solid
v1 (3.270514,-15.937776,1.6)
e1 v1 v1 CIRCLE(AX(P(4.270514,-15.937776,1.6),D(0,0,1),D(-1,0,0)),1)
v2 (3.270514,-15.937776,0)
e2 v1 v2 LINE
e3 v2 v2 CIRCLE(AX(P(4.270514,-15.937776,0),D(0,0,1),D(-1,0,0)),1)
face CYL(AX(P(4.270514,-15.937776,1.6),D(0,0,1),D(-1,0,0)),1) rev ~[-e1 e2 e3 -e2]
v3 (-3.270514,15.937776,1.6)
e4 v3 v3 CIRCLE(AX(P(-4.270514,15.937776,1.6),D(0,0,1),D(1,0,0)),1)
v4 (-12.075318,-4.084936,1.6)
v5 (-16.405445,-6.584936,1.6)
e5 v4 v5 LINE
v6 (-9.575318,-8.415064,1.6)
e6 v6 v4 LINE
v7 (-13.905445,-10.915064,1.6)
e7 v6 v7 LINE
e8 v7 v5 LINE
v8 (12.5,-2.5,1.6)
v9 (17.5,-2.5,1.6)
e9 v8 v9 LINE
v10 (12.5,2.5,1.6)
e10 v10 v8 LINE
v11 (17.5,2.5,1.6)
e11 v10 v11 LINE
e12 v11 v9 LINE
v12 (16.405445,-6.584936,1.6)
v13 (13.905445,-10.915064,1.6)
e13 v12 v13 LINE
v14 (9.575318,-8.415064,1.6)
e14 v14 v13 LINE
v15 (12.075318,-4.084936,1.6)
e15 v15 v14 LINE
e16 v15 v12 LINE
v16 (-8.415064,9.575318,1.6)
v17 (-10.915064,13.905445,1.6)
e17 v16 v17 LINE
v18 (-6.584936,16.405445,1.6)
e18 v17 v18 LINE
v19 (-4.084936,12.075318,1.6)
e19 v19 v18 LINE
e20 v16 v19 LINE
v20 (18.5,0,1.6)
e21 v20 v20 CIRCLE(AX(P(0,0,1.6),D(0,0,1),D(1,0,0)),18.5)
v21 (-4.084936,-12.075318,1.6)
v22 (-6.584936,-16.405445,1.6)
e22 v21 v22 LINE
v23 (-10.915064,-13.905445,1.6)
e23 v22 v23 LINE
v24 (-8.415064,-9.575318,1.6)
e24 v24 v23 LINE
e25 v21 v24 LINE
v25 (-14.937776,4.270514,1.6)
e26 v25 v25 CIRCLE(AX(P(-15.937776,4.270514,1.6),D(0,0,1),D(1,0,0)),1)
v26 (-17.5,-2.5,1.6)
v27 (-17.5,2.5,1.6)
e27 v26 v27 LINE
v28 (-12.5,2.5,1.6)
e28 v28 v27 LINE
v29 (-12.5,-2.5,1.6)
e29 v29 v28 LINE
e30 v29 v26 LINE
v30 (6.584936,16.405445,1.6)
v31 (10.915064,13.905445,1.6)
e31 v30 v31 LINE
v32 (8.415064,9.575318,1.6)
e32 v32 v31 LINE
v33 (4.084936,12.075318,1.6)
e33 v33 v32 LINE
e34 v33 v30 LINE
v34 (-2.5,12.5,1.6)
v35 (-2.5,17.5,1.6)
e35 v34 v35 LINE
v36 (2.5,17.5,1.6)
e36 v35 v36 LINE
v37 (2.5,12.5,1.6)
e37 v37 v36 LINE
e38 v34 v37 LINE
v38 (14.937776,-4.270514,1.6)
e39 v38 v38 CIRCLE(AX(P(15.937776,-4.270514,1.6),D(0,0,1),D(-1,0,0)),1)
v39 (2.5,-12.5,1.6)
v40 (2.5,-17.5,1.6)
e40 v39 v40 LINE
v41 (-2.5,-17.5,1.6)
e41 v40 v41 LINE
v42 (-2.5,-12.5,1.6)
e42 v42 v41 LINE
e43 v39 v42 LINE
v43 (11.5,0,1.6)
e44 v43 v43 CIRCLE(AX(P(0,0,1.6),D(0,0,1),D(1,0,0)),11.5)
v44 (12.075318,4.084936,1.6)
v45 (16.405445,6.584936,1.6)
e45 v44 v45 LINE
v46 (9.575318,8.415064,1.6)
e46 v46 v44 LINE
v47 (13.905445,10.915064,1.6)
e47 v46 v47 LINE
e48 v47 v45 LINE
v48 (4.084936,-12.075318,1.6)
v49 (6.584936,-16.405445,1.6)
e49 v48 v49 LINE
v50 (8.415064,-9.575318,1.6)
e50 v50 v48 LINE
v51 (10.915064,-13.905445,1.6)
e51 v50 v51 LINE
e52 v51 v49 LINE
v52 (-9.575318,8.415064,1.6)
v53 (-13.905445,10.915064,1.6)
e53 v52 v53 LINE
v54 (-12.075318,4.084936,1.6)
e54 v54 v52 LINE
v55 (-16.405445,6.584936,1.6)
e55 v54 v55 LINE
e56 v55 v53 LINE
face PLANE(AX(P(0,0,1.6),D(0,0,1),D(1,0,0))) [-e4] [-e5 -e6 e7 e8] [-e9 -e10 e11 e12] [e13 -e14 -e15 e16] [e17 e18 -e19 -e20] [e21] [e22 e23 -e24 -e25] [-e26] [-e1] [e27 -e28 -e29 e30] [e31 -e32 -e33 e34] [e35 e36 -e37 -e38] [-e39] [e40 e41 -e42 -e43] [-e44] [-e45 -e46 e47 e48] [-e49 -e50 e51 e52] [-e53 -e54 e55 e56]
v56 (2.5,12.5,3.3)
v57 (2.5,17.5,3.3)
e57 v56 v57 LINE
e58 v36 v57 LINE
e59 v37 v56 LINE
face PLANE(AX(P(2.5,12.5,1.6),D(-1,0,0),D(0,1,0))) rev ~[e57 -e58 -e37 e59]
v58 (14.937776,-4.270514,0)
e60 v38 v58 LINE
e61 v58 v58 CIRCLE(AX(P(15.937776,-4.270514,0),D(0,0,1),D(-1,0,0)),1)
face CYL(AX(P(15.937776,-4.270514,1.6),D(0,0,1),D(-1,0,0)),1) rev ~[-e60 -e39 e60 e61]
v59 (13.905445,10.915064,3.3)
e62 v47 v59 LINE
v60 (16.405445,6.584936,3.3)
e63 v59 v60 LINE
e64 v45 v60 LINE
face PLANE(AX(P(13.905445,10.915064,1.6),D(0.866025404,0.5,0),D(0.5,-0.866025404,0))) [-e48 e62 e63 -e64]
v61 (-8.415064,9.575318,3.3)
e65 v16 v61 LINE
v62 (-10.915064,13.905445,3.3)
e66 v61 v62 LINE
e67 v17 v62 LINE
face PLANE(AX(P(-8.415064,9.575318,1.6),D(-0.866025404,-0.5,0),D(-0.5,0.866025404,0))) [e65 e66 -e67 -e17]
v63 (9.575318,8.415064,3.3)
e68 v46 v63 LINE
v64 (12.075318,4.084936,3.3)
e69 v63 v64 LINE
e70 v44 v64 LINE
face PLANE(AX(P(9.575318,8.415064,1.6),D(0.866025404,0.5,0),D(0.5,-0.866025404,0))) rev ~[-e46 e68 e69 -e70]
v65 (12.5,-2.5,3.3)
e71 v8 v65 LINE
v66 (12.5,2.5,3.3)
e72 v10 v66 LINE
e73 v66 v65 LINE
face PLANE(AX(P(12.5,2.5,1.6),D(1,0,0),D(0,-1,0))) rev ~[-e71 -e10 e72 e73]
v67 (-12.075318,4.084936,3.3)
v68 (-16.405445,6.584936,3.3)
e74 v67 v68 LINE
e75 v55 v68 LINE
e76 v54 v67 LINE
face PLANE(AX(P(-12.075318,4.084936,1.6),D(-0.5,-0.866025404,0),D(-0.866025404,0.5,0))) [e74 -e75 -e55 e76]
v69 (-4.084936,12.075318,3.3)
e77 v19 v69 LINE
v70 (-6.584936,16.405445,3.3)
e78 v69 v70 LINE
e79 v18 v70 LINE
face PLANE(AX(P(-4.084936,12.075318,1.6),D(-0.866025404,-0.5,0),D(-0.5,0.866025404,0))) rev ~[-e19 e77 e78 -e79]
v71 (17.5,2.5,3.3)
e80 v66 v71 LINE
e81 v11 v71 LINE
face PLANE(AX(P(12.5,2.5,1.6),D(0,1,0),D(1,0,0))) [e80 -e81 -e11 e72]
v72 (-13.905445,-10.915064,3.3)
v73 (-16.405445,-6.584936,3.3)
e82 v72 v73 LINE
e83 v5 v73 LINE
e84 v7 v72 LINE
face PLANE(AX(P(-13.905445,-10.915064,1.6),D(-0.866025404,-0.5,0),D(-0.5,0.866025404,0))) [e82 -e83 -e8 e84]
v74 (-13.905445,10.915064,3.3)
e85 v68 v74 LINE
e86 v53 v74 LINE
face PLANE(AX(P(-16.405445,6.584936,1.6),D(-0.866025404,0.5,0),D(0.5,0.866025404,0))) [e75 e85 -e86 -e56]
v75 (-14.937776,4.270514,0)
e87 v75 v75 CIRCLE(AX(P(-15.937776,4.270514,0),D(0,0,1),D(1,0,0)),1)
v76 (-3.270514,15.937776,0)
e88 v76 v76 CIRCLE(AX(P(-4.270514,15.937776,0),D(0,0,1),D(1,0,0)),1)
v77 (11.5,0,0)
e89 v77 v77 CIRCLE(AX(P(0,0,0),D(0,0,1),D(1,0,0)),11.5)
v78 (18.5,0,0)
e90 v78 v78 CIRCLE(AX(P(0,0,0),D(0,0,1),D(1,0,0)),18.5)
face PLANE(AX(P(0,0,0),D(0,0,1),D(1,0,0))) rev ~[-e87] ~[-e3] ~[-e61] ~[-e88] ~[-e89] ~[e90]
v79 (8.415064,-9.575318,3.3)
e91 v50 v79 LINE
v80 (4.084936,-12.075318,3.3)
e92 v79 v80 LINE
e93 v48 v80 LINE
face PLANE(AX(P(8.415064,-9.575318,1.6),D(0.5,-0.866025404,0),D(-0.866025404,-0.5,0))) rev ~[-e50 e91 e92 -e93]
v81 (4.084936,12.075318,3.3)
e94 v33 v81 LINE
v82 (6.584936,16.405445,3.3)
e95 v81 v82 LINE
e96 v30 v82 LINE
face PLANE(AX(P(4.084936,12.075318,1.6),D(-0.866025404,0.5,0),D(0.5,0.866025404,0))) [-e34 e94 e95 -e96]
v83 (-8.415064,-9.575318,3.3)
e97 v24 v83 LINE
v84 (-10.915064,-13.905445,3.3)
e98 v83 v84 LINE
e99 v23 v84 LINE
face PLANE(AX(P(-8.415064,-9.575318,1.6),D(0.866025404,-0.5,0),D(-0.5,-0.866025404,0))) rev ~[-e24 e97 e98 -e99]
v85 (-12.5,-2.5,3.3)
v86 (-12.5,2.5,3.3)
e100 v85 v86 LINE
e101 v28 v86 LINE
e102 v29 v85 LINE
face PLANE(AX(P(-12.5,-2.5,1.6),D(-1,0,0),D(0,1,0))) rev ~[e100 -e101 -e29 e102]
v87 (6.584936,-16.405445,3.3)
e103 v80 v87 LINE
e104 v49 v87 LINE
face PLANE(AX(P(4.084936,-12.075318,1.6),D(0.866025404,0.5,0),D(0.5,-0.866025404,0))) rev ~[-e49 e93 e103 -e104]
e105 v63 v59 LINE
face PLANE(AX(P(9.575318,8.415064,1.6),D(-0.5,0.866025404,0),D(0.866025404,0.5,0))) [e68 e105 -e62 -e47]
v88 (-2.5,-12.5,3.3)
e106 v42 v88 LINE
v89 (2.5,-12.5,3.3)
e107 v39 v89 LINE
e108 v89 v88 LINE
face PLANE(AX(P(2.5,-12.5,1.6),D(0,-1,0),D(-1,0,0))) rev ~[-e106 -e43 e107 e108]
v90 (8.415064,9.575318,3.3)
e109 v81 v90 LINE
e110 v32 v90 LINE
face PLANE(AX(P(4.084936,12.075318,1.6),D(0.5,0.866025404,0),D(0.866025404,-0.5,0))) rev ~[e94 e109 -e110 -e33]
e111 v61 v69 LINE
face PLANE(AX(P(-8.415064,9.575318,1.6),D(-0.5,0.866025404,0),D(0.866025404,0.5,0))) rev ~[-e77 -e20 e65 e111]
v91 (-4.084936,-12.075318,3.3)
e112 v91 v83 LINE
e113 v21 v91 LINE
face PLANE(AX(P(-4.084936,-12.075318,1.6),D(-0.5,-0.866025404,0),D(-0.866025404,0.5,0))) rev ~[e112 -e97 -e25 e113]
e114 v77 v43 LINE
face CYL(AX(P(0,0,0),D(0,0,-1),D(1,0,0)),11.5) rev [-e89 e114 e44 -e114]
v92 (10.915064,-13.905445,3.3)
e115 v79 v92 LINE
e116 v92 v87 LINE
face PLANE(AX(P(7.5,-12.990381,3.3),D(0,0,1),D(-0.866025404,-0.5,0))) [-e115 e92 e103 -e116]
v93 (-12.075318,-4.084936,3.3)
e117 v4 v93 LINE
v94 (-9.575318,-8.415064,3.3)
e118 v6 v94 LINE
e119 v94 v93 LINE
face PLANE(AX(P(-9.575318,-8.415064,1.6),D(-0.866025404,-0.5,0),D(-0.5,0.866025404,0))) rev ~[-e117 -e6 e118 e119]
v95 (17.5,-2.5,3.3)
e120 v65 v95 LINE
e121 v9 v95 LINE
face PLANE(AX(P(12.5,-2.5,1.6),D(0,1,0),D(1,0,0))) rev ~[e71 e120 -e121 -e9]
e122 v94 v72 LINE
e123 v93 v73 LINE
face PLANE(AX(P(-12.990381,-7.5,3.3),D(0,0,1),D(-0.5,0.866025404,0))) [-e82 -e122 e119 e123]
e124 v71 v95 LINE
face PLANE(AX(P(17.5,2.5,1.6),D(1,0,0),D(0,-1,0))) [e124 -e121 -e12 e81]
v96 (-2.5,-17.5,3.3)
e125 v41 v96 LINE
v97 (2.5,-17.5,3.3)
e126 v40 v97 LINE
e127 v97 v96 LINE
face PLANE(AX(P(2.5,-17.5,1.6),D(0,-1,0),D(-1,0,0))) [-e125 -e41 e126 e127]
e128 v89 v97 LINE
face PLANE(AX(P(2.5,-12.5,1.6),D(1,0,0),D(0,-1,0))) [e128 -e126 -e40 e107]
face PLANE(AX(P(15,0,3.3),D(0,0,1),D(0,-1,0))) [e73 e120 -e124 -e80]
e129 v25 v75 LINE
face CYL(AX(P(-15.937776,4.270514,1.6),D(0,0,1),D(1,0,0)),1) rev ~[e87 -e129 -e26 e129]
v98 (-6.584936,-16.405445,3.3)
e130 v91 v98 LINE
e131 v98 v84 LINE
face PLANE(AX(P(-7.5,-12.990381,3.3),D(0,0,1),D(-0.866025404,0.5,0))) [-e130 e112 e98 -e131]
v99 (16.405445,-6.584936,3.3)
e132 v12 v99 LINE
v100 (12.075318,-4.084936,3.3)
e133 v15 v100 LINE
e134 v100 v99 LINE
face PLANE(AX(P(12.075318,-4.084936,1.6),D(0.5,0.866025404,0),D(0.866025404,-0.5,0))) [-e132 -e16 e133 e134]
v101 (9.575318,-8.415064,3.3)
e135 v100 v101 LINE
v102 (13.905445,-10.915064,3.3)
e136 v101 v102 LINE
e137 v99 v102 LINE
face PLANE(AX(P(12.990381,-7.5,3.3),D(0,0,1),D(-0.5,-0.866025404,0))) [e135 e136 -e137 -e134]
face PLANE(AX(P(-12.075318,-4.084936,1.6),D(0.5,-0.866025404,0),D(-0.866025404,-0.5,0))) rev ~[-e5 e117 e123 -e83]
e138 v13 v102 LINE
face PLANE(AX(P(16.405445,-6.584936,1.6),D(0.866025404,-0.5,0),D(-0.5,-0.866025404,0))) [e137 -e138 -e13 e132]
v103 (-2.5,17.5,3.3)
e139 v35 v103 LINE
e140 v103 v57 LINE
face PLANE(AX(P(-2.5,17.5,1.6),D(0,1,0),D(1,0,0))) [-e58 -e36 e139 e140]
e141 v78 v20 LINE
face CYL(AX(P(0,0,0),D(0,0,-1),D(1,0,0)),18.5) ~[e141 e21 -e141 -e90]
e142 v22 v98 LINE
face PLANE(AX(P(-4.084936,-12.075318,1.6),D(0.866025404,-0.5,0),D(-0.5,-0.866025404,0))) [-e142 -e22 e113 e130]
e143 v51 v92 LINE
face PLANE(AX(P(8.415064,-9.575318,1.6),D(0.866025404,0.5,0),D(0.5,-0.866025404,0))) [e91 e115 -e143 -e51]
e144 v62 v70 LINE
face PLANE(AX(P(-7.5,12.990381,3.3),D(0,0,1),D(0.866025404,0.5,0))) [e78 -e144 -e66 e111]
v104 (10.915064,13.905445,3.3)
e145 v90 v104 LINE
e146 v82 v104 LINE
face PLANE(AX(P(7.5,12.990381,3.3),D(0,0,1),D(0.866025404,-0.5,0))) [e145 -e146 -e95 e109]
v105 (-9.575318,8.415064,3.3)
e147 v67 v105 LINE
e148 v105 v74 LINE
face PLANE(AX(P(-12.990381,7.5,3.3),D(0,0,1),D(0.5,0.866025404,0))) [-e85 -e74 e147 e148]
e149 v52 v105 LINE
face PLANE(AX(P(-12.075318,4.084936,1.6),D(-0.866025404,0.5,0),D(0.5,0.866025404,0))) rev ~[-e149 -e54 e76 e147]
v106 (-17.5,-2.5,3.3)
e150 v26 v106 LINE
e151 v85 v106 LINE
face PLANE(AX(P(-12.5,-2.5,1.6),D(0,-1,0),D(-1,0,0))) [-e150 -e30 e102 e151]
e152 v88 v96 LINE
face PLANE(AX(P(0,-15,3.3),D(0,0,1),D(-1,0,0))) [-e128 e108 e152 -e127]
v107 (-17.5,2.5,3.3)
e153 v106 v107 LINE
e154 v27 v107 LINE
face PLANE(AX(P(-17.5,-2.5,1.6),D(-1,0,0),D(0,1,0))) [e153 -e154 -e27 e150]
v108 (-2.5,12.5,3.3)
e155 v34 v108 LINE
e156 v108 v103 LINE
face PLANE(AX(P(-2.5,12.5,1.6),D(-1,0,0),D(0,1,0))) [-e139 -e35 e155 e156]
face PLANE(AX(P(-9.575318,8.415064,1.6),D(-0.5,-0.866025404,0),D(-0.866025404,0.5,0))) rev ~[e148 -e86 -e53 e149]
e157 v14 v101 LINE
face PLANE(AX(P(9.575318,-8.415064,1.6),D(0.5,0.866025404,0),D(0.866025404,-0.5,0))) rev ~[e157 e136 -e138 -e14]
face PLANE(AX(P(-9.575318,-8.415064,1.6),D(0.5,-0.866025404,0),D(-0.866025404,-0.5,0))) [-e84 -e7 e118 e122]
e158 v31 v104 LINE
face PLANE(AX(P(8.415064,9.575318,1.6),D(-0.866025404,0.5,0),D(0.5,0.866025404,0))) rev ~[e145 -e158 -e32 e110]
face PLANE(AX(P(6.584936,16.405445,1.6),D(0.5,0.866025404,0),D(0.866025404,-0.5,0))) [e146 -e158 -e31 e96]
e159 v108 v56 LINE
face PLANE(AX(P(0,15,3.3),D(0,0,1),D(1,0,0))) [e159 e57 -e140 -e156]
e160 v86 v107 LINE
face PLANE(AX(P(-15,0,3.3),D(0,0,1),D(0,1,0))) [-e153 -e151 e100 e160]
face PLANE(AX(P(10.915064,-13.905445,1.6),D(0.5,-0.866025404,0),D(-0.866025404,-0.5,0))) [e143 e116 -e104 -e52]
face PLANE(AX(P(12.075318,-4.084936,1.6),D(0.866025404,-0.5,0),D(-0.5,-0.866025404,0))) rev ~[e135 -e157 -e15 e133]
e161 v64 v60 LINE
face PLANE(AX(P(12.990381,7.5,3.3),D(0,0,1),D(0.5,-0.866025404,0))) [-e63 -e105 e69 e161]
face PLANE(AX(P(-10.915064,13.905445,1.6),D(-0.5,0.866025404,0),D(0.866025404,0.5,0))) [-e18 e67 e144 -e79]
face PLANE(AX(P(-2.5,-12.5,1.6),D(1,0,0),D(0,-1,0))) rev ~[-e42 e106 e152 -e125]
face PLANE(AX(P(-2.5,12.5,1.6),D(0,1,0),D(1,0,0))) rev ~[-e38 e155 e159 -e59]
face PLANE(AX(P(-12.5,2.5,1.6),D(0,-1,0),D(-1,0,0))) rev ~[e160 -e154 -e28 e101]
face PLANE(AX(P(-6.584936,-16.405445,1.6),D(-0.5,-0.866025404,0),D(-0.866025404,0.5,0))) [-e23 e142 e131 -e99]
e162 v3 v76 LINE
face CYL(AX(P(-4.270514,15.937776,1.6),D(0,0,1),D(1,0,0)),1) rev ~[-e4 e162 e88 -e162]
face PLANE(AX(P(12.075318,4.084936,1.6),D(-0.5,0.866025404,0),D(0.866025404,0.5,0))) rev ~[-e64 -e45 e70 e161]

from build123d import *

# Parameters (mm, degrees)
SKETCH1_R           = 18.5
SKETCH1_R_2         = 11.5
BOSS_EXTRUDE1_DEPTH = 1.6
SKETCH2_W           = 5
SKETCH2_H           = 5
BOSS_EXTRUDE2_DEPTH = 1.7
CIRPATTERN1_COUNT   = 12
SKETCH3_R           = 1
CUT_EXTRUDE1_DEPTH  = 2
CIRPATTERN2_COUNT   = 2
SKETCH4_R           = 1
CUT_EXTRUDE2_DEPTH  = 10
CIRPATTERN3_COUNT   = 2


with BuildPart() as part:
    # Sketch1 → Boss-Extrude1 (new body)
    with BuildSketch(Plane.XY):
        Circle(SKETCH1_R)
        Circle(SKETCH1_R_2, mode=Mode.SUBTRACT)
    extrude(amount=BOSS_EXTRUDE1_DEPTH)

    # Sketch2 → Boss-Extrude2 (add)
    with BuildSketch(Plane.XY.offset(1.6)):
        with Locations((0, 15)):
            Rectangle(SKETCH2_W, SKETCH2_H)
    boss_extrude2 = extrude(amount=BOSS_EXTRUDE2_DEPTH)

    # CirPattern1: Boss-Extrude2 ×12 about axis
    cirpattern1_axis = Axis((0, 0, 1.6), (0, 0, -1))
    for i in range(1, CIRPATTERN1_COUNT):
        add(boss_extrude2.rotate(cirpattern1_axis, i * 360 / CIRPATTERN1_COUNT))

    # Sketch3 → Cut-Extrude1 (cut)
    with BuildSketch(Plane.XY.offset(1.6)):
        with Locations((-4.270514244, 15.937776134)):
            Circle(SKETCH3_R)
    cut_extrude1 = extrude(amount=-CUT_EXTRUDE1_DEPTH, mode=Mode.SUBTRACT)

    # CirPattern2: Cut-Extrude1 ×2 about axis
    cirpattern2_axis = Axis((0, 0, 1.6), (0, 0, -1))
    for i in range(1, CIRPATTERN2_COUNT):
        add(cut_extrude1.rotate(cirpattern2_axis, i * 360 / CIRPATTERN2_COUNT), mode=Mode.SUBTRACT)

    # Sketch4 → Cut-Extrude2 (cut)
    with BuildSketch(Plane.XY.offset(1.6)):
        with Locations((-15.937776134, 4.270514244)):
            Circle(SKETCH4_R)
    cut_extrude2 = extrude(amount=-CUT_EXTRUDE2_DEPTH, mode=Mode.SUBTRACT)

    # CirPattern3: Cut-Extrude2 ×2 about axis
    cirpattern3_axis = Axis((0, 0, 1.6), (0, 0, -1))
    for i in range(1, CIRPATTERN3_COUNT):
        add(cut_extrude2.rotate(cirpattern3_axis, i * 360 / CIRPATTERN3_COUNT), mode=Mode.SUBTRACT)


solid = part.part
